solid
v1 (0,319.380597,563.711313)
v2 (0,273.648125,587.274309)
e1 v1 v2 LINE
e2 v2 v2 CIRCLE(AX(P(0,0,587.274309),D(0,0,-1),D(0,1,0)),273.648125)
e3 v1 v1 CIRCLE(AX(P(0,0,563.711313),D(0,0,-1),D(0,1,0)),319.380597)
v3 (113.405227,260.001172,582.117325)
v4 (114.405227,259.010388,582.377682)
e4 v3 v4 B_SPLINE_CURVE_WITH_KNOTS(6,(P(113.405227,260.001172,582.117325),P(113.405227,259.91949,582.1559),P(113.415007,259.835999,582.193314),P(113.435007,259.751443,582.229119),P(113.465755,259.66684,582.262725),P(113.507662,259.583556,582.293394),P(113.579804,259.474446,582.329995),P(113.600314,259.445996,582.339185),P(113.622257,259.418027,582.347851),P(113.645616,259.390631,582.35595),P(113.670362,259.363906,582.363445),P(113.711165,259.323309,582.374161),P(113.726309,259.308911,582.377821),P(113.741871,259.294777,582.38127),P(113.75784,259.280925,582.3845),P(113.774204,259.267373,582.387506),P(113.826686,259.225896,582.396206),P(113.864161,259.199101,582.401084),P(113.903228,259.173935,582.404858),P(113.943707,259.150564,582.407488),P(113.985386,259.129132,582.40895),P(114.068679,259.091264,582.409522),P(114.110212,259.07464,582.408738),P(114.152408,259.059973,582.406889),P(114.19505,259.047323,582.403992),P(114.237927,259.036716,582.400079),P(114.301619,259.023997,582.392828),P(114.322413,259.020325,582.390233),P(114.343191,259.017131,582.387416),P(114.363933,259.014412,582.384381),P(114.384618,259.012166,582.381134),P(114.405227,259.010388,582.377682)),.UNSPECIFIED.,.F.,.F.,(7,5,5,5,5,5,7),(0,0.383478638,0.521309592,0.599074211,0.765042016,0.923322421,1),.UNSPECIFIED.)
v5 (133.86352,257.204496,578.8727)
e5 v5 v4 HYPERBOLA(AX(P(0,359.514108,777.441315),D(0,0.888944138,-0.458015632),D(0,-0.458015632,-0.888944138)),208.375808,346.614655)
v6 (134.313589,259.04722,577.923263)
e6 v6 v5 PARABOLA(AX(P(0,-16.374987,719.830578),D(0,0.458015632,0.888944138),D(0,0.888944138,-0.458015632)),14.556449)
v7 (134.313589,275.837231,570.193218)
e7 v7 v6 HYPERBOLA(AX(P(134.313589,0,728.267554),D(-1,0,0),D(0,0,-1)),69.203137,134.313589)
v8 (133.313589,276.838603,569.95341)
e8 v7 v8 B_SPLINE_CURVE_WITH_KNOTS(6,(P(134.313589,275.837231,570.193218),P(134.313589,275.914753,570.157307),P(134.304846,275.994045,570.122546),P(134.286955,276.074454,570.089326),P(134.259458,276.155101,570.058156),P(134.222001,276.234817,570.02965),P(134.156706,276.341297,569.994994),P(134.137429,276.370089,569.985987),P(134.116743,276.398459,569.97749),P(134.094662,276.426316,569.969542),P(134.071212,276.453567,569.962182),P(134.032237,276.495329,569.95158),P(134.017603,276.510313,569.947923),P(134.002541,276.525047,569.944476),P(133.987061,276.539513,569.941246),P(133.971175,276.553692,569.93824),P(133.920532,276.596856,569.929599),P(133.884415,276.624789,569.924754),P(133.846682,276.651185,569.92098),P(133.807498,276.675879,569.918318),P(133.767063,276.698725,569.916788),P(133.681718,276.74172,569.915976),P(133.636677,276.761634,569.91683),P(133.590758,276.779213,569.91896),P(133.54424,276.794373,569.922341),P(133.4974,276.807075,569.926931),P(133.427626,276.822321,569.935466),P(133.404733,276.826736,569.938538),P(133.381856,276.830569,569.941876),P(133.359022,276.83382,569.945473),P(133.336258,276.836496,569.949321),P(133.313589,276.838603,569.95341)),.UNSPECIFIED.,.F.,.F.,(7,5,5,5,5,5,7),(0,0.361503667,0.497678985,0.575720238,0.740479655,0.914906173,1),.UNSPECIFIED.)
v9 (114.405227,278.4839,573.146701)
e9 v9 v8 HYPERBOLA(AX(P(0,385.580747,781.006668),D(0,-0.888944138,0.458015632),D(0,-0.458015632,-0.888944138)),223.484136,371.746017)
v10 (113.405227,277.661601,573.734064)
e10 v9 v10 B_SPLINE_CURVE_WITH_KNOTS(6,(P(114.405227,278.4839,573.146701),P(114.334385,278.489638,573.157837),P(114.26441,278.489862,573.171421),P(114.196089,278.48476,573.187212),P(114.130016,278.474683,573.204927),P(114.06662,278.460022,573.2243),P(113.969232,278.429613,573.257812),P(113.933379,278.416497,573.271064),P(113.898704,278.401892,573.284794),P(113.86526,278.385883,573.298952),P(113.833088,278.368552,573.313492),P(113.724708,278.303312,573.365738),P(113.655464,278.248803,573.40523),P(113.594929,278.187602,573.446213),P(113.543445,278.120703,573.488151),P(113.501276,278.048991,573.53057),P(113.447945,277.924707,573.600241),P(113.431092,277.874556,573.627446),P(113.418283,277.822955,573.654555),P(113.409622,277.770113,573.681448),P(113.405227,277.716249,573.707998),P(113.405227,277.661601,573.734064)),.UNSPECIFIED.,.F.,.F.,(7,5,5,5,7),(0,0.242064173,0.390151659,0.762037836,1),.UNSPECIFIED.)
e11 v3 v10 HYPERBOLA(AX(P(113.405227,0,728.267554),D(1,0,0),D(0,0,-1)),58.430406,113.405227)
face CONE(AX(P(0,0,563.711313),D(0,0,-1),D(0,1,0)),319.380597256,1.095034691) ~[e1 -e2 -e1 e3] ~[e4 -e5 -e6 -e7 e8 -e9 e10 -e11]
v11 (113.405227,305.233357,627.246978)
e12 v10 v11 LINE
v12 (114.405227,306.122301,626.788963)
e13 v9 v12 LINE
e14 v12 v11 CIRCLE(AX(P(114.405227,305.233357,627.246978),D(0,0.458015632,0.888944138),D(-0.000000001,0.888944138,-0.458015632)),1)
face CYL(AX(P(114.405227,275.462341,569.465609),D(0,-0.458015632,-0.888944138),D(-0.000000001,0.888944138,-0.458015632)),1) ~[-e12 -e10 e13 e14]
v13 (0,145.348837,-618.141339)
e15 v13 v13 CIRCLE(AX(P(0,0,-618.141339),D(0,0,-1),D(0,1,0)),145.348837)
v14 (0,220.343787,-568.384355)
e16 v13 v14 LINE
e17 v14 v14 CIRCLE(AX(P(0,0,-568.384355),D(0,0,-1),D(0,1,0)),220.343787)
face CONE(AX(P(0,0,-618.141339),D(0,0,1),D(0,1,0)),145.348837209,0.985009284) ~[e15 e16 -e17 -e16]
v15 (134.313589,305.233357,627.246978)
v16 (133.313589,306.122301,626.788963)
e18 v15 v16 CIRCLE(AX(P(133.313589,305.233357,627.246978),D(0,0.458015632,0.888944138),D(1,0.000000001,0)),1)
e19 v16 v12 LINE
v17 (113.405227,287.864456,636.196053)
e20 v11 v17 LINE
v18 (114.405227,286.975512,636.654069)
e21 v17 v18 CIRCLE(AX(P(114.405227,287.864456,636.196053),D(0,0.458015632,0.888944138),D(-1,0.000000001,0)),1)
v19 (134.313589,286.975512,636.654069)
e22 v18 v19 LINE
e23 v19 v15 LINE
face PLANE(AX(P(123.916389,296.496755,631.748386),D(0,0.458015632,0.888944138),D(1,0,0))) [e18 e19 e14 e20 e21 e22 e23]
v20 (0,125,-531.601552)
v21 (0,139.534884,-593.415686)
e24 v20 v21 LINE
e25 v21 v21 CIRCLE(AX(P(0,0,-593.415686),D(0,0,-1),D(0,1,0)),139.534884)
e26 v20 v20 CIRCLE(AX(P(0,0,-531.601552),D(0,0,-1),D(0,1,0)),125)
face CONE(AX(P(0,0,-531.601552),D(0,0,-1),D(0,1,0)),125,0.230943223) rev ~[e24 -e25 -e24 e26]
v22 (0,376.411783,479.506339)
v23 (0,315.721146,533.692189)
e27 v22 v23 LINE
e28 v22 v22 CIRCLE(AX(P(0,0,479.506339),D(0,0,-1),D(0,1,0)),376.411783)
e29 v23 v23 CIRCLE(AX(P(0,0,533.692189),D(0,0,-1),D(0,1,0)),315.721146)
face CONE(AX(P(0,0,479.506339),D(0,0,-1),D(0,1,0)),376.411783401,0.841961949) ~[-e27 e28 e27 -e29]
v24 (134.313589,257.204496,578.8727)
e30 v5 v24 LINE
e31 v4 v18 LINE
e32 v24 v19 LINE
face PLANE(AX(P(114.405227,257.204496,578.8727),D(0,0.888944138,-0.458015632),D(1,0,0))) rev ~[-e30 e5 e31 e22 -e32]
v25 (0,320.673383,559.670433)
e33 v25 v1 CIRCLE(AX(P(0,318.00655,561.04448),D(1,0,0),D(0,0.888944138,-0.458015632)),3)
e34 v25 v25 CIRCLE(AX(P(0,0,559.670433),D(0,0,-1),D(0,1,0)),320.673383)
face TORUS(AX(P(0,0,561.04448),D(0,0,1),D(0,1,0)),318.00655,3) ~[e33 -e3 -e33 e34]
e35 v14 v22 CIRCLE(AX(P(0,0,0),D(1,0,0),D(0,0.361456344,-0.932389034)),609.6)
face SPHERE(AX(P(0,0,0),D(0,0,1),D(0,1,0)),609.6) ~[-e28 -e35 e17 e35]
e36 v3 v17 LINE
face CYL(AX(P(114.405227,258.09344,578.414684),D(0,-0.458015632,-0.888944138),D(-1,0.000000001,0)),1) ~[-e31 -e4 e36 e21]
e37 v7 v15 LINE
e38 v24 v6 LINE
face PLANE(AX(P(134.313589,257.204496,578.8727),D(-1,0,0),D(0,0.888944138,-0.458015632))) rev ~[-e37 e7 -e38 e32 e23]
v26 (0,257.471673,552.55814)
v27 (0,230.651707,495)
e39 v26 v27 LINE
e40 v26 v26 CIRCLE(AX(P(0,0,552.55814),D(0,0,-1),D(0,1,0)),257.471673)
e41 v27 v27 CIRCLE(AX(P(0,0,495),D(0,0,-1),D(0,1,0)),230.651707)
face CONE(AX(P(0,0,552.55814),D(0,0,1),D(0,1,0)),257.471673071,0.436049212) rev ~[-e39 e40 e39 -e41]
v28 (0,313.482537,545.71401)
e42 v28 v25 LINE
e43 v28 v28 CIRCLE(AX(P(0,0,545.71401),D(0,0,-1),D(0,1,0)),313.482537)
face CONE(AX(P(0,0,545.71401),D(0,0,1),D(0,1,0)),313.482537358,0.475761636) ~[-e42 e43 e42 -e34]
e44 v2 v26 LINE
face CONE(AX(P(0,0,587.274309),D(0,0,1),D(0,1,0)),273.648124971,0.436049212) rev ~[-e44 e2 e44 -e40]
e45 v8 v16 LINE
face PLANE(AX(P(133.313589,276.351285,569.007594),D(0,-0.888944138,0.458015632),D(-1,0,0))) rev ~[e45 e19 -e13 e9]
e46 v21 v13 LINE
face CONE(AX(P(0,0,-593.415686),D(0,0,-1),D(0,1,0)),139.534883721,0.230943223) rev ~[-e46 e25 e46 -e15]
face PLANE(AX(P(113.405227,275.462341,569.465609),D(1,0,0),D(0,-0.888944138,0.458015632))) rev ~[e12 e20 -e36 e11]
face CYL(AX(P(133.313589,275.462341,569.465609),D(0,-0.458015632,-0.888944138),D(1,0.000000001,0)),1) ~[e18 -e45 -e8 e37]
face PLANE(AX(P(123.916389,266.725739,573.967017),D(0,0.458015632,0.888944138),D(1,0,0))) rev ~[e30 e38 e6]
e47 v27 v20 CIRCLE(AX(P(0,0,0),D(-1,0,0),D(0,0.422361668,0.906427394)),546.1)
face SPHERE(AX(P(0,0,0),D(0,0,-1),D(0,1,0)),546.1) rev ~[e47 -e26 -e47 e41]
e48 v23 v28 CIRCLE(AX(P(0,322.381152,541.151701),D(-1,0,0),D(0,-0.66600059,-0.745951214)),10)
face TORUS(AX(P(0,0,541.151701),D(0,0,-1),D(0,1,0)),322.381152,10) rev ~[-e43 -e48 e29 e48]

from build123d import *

# Parameters (mm, degrees)
BOSS_EXTRUDE3_DEPTH      = 50
BOSS_EXTRUDE3_DEPTH_BACK = 15


with BuildPart() as part:
    # Sphere Sketch → Sphere (revolve)
    with BuildSketch(Plane(origin=(0, 0, 0), x_dir=(0, 0, -1), z_dir=(1, 0, 0))):
        with BuildLine():
            Line((-587.274308735, 273.648124971), (-552.558139535, 257.471673071))
            Line((-552.558139535, 257.471673071), (-495, 230.651707126))
            ThreePointArc((-495, 230.651707126), (55.906074852, 543.230817236), (531.601551916, 125))
            Line((531.601551916, 125), (593.41568586, 139.534883721))
            Line((593.41568586, 139.534883721), (618.141339438, 145.348837209))
            Line((618.141339438, 145.348837209), (568.384355354, 220.343787272))
            ThreePointArc((568.384355354, 220.343787272), (89.800502747, 602.949442082), (-479.506339183, 376.411783401))
            Line((-479.506339183, 376.411783401), (-533.692189105, 315.721145663))
            ThreePointArc((-533.692189105, 315.721145663), (-539.321048901, 312.550143885), (-545.714010445, 313.482537358))
            Line((-545.714010445, 313.482537358), (-559.670433417, 320.673382776))
            ThreePointArc((-559.670433417, 320.673382776), (-561.95861772, 320.863883523), (-563.711312727, 319.380597256))
            Line((-563.711312727, 319.380597256), (-587.274308735, 273.648124971))
        make_face()
    revolve(axis=Axis((0, 0, 0), (0, 0, -1)))

    # Sketch1 → Boss-Extrude3 (add, two sides: drawn at the far end of the back side and taken through both)
    with BuildSketch(Plane(origin=(0, 296.514361113, 575.492810731), x_dir=(1, 0, 0), z_dir=(0, 0.45801563170636533, 0.8889441383532597)).offset(-BOSS_EXTRUDE3_DEPTH_BACK)):
        with BuildLine():
            Line((114.40522717, -36.492315976), (134.313589091, -36.492315976))
            Line((134.313589091, -36.492315976), (134.313589091, -15.953517695))
            ThreePointArc((134.313589091, -15.953517695), (134.020695872, -15.246410914), (133.313589091, -14.953517695))
            Line((133.313589091, -14.953517695), (114.40522717, -14.953517695))
            ThreePointArc((114.40522717, -14.953517695), (113.698120389, -15.246410914), (113.40522717, -15.953517695))
            Line((113.40522717, -15.953517695), (113.40522717, -35.492315976))
            ThreePointArc((113.40522717, -35.492315976), (113.698120389, -36.199422758), (114.40522717, -36.492315976))
        make_face()
    extrude(amount=BOSS_EXTRUDE3_DEPTH + BOSS_EXTRUDE3_DEPTH_BACK)


solid = part.part
